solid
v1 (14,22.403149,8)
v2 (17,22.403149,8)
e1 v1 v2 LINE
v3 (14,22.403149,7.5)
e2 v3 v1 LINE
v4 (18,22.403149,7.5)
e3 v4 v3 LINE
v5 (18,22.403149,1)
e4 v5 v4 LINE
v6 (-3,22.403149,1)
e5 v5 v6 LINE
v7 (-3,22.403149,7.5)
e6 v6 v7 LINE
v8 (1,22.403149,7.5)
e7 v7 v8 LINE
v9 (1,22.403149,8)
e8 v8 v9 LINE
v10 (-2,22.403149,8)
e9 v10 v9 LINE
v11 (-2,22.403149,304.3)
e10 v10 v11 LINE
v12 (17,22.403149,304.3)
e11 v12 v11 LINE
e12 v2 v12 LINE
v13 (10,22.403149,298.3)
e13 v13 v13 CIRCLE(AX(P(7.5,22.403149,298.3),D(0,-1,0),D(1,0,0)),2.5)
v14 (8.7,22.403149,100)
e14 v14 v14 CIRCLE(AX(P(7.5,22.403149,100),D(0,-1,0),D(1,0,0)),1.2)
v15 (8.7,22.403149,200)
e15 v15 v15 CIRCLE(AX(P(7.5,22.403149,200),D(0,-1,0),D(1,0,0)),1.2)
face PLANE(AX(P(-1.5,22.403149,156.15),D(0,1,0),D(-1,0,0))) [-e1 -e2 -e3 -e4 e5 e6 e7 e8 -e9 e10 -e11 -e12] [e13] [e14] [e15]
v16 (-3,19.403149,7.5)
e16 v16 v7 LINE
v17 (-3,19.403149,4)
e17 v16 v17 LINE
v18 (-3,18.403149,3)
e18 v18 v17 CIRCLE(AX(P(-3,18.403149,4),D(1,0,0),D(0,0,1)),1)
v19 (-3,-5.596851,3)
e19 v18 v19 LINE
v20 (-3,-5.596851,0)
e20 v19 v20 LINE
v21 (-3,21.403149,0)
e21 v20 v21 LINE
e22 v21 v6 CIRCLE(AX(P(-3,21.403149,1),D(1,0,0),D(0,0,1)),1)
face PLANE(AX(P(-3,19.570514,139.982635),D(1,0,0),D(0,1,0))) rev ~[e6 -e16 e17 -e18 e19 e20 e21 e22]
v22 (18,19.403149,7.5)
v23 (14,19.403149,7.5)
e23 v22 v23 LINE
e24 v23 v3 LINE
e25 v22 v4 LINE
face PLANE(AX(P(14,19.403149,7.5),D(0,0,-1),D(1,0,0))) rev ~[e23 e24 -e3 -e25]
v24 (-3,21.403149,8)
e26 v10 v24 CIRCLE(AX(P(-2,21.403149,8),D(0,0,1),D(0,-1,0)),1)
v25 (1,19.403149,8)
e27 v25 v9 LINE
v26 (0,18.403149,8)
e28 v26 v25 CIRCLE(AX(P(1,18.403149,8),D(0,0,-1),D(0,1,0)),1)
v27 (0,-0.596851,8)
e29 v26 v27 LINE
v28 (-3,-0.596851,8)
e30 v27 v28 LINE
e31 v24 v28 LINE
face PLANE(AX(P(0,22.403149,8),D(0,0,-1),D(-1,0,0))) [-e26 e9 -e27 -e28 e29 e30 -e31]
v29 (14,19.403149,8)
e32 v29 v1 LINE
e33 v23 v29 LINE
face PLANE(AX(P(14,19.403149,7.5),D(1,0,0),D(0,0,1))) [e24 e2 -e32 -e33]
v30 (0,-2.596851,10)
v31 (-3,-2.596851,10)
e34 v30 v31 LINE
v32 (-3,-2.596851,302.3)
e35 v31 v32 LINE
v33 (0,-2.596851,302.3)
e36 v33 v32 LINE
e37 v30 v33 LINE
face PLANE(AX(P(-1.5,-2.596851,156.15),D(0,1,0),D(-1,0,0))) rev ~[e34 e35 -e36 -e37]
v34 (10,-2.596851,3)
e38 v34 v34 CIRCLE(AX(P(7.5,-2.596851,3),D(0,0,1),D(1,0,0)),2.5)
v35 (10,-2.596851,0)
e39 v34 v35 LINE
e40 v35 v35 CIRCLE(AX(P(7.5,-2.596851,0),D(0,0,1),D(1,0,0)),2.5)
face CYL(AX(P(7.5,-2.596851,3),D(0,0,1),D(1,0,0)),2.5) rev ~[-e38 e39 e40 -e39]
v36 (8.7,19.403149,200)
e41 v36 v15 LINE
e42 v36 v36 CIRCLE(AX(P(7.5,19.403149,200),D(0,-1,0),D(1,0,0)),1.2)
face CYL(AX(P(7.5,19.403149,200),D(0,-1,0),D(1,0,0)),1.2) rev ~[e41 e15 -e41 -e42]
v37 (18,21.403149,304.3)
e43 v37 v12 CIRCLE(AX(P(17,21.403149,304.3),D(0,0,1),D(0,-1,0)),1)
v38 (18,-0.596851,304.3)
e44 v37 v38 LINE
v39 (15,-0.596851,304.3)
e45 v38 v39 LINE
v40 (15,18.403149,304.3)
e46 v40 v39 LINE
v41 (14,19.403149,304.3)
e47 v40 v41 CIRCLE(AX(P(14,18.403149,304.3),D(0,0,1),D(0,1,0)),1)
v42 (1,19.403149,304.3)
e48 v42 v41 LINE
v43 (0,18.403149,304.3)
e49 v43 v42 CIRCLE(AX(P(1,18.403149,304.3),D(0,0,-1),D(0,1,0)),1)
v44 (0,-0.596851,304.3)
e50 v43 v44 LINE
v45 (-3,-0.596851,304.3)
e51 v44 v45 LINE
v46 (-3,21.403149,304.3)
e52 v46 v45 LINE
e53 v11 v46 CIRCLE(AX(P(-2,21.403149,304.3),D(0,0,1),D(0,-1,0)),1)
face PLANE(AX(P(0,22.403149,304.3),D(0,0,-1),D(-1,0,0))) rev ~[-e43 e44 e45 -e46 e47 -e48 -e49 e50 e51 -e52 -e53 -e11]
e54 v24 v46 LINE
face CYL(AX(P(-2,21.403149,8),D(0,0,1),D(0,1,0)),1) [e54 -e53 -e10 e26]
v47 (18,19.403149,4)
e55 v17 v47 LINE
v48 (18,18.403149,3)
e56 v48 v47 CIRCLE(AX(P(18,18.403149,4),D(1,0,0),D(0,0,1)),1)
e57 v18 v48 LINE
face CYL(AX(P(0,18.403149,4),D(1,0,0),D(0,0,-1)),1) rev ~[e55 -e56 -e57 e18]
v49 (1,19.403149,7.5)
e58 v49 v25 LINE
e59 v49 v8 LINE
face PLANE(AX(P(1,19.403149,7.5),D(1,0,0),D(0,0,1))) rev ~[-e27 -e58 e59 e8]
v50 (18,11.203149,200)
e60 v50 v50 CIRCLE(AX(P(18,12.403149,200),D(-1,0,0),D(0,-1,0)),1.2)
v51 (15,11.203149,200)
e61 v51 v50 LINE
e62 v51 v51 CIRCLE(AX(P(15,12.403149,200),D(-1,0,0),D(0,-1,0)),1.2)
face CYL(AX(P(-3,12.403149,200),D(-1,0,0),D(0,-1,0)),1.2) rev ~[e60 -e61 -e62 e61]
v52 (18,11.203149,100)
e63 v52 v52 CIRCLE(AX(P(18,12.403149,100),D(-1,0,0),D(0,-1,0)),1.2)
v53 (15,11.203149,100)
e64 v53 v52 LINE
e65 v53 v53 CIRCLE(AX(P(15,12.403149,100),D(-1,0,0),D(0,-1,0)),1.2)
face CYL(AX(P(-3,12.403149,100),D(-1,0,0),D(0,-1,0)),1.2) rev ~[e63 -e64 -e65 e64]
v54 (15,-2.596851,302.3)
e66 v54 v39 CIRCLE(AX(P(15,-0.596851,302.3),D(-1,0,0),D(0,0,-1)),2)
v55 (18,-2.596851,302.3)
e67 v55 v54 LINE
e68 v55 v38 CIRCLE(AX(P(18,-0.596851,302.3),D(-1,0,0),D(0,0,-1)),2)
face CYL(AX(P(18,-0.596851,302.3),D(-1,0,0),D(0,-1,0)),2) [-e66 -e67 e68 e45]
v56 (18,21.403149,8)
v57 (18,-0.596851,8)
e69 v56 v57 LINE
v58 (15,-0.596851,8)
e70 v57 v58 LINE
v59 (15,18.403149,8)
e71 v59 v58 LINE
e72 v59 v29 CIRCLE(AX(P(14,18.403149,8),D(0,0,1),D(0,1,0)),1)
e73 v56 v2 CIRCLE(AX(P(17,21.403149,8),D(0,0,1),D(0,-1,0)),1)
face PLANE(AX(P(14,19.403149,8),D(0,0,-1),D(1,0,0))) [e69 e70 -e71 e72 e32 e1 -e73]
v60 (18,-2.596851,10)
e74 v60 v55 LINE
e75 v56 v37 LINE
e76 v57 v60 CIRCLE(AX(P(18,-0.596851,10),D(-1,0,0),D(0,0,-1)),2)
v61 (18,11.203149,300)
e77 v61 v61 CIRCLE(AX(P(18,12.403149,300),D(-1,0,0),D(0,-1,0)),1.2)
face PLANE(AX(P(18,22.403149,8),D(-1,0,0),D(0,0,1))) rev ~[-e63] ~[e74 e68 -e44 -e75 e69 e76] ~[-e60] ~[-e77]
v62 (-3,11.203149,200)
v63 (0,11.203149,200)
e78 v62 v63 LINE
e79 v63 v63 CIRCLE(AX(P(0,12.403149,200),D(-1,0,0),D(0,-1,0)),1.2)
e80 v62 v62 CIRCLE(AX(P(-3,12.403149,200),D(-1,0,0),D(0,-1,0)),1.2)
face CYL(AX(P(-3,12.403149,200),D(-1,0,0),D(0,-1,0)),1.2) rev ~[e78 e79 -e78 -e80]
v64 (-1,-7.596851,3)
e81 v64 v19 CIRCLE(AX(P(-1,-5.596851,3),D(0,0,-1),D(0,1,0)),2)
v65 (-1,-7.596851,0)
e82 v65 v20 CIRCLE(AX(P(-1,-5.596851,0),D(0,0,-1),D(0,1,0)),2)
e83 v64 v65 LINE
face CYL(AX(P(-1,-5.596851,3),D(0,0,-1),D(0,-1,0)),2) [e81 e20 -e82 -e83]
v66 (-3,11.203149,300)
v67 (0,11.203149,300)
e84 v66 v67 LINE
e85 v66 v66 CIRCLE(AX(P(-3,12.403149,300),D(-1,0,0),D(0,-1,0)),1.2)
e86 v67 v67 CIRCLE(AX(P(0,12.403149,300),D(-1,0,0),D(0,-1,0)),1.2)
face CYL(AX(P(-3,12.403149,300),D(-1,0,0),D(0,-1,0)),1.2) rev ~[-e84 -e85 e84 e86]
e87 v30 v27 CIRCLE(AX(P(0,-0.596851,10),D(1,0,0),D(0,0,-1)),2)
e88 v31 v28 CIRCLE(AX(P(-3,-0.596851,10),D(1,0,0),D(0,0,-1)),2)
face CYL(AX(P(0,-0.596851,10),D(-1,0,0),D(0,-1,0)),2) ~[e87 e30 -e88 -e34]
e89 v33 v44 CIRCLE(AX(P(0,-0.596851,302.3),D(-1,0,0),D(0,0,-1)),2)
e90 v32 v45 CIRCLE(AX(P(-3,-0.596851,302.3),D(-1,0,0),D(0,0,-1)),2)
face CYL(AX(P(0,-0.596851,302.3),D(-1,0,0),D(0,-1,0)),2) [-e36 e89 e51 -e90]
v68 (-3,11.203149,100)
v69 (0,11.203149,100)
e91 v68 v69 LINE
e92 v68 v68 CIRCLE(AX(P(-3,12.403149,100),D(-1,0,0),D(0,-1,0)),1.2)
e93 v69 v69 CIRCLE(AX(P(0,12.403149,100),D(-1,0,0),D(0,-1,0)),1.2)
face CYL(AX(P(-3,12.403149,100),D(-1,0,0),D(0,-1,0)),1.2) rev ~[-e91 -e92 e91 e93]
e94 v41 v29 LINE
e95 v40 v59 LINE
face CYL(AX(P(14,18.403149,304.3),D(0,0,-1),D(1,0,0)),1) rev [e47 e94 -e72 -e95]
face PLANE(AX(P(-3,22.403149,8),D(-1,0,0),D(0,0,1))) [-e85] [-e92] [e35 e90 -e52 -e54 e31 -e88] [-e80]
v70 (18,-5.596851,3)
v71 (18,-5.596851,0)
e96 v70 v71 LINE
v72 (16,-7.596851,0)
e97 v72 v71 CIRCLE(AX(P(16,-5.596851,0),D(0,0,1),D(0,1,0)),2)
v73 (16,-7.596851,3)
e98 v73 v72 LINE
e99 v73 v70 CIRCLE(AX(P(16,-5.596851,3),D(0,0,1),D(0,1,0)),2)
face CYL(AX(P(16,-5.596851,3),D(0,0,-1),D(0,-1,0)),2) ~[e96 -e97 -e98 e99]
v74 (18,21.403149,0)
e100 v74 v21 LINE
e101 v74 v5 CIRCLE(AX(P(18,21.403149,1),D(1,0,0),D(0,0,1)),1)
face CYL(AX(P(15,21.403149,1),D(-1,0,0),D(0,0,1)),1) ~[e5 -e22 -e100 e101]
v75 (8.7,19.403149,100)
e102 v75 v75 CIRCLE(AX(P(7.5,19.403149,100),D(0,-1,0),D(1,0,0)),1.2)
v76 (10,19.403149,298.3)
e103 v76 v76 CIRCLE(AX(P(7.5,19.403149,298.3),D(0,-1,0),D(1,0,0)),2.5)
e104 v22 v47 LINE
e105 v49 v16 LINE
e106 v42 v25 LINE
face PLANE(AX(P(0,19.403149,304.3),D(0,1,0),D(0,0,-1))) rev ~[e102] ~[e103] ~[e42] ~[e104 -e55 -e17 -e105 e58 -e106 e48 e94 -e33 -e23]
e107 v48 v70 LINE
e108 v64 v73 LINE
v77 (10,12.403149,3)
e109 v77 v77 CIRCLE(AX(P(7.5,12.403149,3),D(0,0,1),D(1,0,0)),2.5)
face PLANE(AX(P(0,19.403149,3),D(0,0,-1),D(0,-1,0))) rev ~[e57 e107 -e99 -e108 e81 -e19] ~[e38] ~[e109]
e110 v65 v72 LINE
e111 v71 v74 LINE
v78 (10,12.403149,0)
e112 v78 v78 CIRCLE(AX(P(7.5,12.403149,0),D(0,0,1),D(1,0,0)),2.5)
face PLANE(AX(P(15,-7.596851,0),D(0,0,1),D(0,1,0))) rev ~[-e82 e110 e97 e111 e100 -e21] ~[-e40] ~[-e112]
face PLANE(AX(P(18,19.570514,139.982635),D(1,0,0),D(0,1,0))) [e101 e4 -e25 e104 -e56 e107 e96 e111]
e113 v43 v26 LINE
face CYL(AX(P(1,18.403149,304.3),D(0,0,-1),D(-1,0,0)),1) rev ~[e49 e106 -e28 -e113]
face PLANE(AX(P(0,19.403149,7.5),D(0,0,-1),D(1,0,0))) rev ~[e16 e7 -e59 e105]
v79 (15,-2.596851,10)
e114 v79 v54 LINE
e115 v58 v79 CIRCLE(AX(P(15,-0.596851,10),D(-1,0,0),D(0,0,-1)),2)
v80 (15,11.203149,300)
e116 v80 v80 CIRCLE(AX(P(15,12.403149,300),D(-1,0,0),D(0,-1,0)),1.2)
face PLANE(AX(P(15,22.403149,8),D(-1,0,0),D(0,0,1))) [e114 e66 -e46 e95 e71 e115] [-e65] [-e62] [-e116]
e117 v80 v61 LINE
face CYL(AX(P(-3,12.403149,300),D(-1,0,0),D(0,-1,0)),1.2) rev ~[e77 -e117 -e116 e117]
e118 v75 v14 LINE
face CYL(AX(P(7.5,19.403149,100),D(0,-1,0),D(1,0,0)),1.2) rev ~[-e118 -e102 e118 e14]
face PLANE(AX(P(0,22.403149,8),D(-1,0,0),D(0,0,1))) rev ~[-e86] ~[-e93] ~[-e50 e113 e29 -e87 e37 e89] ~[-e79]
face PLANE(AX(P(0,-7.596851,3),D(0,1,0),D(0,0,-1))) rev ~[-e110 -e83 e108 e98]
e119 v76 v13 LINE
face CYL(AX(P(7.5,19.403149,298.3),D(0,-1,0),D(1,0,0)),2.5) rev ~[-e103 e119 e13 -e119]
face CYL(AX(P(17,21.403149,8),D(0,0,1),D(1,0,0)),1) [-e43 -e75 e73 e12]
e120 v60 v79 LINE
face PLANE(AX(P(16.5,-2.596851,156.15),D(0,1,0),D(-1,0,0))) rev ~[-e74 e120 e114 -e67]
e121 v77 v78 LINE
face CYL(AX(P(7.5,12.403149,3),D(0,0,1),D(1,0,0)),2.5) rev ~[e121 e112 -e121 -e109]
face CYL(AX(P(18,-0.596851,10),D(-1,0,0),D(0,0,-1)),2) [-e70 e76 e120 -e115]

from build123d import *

# Parameters (mm, degrees)
F1_DEPTH  = 15
F2_W      = 3
F2_H      = 296.3
F3_DEPTH  = 25
F4_R      = 2.5
F5_DEPTH  = 3
F6_W      = 1
F6_H      = 0.5
F7_DEPTH  = 3
F8_R      = 1
F9_R      = 2.5
F9_R_2    = 1.2
F10_DEPTH = 3
F11_R     = 1.2
F12_DEPTH = 34.2
F13_DEPTH = 3
F14_R     = 2


with BuildPart() as f1:
    # F0 (on Right) → F1 (new body)
    with BuildSketch(Plane.YZ):
        Polygon((-7.5968508422, 3), (-7.5968508422, 0), (22.4031491578, 0), (22.4031491578, 304.3), (19.4031491578, 304.3), (19.4031491578, 3), align=None)
    extrude(amount=F1_DEPTH)

    # F2 (on face) → F3 (join)
    with BuildSketch(Plane(origin=(0, 22.4031491578, 0), x_dir=(-1, 0, 0), z_dir=(0, 1, 0))):
        with Locations((1.5, 156.15)):
            Rectangle(F2_W, F2_H)
        with Locations((-16.5, 156.15)):
            Rectangle(F2_W, F2_H)
    extrude(amount=-F3_DEPTH)

    # F4 (on face) → F5 (cut)
    with BuildSketch(Plane.XY.offset(3)):
        with Locations((7.5, -2.5968508422)):
            Circle(F4_R)
        with Locations((7.5, 12.4031491578)):
            Circle(F4_R)
    extrude(amount=-F5_DEPTH, mode=Mode.SUBTRACT)

    # F6 (on face) → F7 (cut)
    with BuildSketch(Plane.XZ.offset(-19.4031491578)):
        with Locations((0.5, 7.75)):
            Rectangle(F6_W, F6_H)
        with Locations((14.5, 7.75)):
            Rectangle(F6_W, F6_H)
    extrude(amount=-F7_DEPTH, mode=Mode.SUBTRACT)

    # F8
    f8_edges = [f1.edges().sort_by_distance(p)[0] for p in [
        (7.5, 19.403149, 3),
        (7.5, 22.403149, 0),
        (0, 19.403149, 156.15),
        (-3, 22.403149, 156.15),
        (18, 22.403149, 156.15),
        (15, 19.403149, 156.15),
    ]]
    fillet(f8_edges, radius=F8_R)

    # F9 (on face) → F10 (cut)
    with BuildSketch(Plane.XZ.offset(-19.4031491578)):
        with Locations((7.5, 298.3)):
            Circle(F9_R)
        with Locations((7.5, 100)):
            Circle(F9_R_2)
        with Locations((7.5, 200)):
            Circle(F9_R_2)
    extrude(amount=-F10_DEPTH, mode=Mode.SUBTRACT)

    # F11 (on face) → F12 (cut)
    with BuildSketch(Plane(origin=(-3, 0, 0), x_dir=(0, -1, 0), z_dir=(-1, 0, 0))):
        with Locations((-12.4031491578, 200)):
            Circle(F11_R)
        with Locations((-12.4031491578, 100)):
            Circle(F11_R)
        with Locations((-12.4031491578, 300)):
            Circle(F11_R)
    extrude(amount=-F12_DEPTH, mode=Mode.SUBTRACT)

    # F13 (add, symmetric): faces of the model
    f13_faces = [f1.faces().sort_by_distance(p)[0] for p in [
        (0, 9.1577983799, 1.9953507779),
        (15, 9.1577983799, 1.9953507779),
    ]]
    extrude(f13_faces, amount=F13_DEPTH, both=True, dir=(-1, 0, 0))

    # F14
    f14_edges = [f1.edges().sort_by_distance(p)[0] for p in [
        (-3, -7.596851, 1.5),
        (18, -7.596851, 1.5),
        (16.5, -2.596851, 8),
        (-1.5, -2.596851, 8),
        (-1.5, -2.596851, 304.3),
        (16.5, -2.596851, 304.3),
    ]]
    fillet(f14_edges, radius=F14_R)


solid = f1.part
